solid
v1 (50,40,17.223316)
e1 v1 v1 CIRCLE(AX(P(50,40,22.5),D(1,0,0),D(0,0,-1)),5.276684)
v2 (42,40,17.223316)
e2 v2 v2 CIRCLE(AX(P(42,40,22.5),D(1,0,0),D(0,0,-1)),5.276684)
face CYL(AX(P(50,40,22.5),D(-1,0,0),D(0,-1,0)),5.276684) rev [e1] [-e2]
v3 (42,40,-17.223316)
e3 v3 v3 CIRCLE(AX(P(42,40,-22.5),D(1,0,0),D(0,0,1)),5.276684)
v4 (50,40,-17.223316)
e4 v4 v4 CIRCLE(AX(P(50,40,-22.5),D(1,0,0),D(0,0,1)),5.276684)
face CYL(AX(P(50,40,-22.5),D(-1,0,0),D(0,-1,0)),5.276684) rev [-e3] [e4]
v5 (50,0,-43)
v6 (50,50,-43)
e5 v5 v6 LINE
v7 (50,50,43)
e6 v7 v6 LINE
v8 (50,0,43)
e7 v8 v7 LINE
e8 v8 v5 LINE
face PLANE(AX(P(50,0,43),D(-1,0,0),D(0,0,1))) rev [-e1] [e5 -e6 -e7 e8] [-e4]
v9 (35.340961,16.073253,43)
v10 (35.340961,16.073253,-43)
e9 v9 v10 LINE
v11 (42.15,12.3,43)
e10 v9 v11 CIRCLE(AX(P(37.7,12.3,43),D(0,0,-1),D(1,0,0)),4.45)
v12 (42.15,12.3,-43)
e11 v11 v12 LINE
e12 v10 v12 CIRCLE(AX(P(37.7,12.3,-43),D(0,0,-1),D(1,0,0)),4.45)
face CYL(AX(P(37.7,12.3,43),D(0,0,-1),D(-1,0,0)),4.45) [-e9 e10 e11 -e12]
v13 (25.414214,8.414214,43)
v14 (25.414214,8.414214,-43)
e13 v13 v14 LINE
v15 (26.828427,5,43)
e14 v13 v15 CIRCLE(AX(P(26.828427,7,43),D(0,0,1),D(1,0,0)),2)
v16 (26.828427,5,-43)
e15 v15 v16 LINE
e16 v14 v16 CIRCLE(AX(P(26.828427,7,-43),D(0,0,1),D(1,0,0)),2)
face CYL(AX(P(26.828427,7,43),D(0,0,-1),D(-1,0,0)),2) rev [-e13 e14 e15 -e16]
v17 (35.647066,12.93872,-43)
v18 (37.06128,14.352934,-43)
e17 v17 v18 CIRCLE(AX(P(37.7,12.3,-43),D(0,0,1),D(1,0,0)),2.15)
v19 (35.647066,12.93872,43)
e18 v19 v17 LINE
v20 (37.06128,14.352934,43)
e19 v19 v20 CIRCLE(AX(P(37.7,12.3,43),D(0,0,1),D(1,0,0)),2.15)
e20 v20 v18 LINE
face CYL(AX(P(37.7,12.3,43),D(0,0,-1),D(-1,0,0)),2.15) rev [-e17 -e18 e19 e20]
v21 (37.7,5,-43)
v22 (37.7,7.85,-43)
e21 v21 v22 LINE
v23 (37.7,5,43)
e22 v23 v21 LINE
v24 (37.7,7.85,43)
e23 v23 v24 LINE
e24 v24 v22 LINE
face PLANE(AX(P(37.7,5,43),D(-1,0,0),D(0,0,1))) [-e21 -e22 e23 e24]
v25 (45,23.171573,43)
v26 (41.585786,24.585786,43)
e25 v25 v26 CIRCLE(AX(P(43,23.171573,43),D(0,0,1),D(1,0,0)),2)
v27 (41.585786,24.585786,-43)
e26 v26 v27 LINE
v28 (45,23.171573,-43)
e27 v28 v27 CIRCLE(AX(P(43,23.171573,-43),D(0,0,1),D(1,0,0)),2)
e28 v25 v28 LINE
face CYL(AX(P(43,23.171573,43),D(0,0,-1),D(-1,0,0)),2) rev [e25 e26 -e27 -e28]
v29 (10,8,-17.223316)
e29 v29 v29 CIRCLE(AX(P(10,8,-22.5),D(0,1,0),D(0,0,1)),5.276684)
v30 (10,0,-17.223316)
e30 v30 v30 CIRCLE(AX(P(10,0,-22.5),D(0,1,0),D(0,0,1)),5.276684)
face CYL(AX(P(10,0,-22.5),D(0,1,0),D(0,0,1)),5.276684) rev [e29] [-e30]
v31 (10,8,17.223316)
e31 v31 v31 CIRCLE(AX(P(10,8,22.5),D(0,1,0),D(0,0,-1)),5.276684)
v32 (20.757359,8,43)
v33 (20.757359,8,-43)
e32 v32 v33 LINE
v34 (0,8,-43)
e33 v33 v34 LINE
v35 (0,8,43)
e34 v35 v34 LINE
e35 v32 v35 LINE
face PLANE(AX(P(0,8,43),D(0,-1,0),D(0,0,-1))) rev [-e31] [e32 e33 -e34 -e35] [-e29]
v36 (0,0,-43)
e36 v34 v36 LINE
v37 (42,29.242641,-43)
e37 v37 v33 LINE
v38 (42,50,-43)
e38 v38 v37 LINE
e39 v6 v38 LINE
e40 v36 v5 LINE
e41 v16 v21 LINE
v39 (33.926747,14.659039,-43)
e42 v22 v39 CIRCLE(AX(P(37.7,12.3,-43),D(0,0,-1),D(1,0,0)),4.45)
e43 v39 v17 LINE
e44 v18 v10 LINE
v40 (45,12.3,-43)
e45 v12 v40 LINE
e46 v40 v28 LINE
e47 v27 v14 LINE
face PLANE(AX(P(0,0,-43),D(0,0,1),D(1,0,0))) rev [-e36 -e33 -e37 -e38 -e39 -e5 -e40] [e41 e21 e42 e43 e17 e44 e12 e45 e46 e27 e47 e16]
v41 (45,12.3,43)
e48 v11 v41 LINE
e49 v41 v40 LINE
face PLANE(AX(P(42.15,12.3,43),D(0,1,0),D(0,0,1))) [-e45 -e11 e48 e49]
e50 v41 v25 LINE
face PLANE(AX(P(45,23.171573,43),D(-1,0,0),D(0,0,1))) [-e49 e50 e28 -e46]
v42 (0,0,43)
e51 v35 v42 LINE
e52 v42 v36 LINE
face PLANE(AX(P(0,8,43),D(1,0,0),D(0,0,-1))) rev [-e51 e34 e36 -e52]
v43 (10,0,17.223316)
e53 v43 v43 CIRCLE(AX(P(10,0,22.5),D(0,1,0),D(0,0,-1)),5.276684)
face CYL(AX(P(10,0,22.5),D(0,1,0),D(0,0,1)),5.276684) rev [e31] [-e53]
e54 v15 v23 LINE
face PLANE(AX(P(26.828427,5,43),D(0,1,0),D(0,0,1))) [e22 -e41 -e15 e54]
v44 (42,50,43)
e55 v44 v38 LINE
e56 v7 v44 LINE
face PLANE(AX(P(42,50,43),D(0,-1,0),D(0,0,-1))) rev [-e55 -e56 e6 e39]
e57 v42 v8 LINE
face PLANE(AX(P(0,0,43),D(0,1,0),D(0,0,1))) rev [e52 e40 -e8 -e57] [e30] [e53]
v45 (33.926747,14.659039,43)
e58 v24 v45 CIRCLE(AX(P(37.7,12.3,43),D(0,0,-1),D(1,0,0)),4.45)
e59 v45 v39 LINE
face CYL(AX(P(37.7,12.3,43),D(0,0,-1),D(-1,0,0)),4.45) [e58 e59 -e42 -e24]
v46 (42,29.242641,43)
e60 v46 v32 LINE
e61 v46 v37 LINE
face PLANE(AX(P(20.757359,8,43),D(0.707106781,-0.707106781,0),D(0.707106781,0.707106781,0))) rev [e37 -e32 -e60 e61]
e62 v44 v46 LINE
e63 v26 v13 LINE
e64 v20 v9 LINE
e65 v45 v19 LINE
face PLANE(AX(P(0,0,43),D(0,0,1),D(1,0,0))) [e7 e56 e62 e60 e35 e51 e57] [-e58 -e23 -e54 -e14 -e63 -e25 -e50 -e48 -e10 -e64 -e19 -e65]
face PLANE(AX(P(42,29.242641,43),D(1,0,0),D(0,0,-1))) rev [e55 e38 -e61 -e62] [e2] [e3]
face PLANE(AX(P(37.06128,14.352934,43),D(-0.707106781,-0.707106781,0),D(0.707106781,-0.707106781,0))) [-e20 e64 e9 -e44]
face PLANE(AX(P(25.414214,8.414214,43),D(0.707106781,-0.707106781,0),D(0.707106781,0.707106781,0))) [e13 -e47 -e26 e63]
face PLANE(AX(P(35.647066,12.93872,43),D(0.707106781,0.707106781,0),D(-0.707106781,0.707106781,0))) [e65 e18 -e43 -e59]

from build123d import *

# Parameters (mm, degrees)
EXTRUDE_1_DEPTH     = 43
SKETCH_3_R          = 5.276684378
CUT_EXTRUDE_1_DEPTH = 79.185676438


with BuildPart() as part:
    # 草图1 → 凸台-拉伸1 (new, symmetric)
    with BuildSketch(Plane.XY):
        Polygon((0, 0), (50, 0), (50, 50), (42, 50), (42, 29.242640687), (20.757359313, 8), (0, 8), align=None)
        with BuildLine():
            Line((37.061279898, 14.352933665), (35.340960992, 16.07325257))
            ThreePointArc((35.340960992, 16.07325257), (39.856939547, 16.192314452), (42.15, 12.3))
            Line((42.15, 12.3), (45, 12.3))
            Line((45, 12.3), (45, 23.171572875))
            ThreePointArc((45, 23.171572875), (43.765366865, 25.01933194), (41.585786438, 24.585786438))
            Line((41.585786438, 24.585786438), (25.414213562, 8.414213562))
            ThreePointArc((25.414213562, 8.414213562), (24.98066806, 6.234633135), (26.828427125, 5))
            Line((26.828427125, 5), (37.7, 5))
            Line((37.7, 5), (37.7, 7.85))
            ThreePointArc((37.7, 7.85), (33.807685548, 10.143060453), (33.92674743, 14.659039008))
            Line((33.92674743, 14.659039008), (35.647066335, 12.938720102))
            ThreePointArc((35.647066335, 12.938720102), (39.22027958, 10.77972042), (37.061279898, 14.352933665))
        make_face(mode=Mode.SUBTRACT)
    extrude(amount=EXTRUDE_1_DEPTH, both=True)

    # 草图3 → 切除-拉伸1 (cut, through all)
    with BuildSketch(Plane(origin=(0, 8, 0), x_dir=(1, 0, 0), z_dir=(0, 1, 0))):
        with Locations(Location((10, 22.5, 0), (0, 0, 270))):
            Circle(SKETCH_3_R)
        with Locations(Location((10, -22.5, 0), (0, 0, 90))):
            Circle(SKETCH_3_R)
    cut_extrude_1 = extrude(amount=-CUT_EXTRUDE_1_DEPTH, mode=Mode.SUBTRACT)

    # 镜向1: 切除-拉伸1 across plane
    add(cut_extrude_1.mirror(Plane(origin=(25, 25, 0), x_dir=(0, 0, 1), z_dir=(-0.7071067811865486, -0.7071067811865465, 0))), mode=Mode.SUBTRACT)


solid = part.part
